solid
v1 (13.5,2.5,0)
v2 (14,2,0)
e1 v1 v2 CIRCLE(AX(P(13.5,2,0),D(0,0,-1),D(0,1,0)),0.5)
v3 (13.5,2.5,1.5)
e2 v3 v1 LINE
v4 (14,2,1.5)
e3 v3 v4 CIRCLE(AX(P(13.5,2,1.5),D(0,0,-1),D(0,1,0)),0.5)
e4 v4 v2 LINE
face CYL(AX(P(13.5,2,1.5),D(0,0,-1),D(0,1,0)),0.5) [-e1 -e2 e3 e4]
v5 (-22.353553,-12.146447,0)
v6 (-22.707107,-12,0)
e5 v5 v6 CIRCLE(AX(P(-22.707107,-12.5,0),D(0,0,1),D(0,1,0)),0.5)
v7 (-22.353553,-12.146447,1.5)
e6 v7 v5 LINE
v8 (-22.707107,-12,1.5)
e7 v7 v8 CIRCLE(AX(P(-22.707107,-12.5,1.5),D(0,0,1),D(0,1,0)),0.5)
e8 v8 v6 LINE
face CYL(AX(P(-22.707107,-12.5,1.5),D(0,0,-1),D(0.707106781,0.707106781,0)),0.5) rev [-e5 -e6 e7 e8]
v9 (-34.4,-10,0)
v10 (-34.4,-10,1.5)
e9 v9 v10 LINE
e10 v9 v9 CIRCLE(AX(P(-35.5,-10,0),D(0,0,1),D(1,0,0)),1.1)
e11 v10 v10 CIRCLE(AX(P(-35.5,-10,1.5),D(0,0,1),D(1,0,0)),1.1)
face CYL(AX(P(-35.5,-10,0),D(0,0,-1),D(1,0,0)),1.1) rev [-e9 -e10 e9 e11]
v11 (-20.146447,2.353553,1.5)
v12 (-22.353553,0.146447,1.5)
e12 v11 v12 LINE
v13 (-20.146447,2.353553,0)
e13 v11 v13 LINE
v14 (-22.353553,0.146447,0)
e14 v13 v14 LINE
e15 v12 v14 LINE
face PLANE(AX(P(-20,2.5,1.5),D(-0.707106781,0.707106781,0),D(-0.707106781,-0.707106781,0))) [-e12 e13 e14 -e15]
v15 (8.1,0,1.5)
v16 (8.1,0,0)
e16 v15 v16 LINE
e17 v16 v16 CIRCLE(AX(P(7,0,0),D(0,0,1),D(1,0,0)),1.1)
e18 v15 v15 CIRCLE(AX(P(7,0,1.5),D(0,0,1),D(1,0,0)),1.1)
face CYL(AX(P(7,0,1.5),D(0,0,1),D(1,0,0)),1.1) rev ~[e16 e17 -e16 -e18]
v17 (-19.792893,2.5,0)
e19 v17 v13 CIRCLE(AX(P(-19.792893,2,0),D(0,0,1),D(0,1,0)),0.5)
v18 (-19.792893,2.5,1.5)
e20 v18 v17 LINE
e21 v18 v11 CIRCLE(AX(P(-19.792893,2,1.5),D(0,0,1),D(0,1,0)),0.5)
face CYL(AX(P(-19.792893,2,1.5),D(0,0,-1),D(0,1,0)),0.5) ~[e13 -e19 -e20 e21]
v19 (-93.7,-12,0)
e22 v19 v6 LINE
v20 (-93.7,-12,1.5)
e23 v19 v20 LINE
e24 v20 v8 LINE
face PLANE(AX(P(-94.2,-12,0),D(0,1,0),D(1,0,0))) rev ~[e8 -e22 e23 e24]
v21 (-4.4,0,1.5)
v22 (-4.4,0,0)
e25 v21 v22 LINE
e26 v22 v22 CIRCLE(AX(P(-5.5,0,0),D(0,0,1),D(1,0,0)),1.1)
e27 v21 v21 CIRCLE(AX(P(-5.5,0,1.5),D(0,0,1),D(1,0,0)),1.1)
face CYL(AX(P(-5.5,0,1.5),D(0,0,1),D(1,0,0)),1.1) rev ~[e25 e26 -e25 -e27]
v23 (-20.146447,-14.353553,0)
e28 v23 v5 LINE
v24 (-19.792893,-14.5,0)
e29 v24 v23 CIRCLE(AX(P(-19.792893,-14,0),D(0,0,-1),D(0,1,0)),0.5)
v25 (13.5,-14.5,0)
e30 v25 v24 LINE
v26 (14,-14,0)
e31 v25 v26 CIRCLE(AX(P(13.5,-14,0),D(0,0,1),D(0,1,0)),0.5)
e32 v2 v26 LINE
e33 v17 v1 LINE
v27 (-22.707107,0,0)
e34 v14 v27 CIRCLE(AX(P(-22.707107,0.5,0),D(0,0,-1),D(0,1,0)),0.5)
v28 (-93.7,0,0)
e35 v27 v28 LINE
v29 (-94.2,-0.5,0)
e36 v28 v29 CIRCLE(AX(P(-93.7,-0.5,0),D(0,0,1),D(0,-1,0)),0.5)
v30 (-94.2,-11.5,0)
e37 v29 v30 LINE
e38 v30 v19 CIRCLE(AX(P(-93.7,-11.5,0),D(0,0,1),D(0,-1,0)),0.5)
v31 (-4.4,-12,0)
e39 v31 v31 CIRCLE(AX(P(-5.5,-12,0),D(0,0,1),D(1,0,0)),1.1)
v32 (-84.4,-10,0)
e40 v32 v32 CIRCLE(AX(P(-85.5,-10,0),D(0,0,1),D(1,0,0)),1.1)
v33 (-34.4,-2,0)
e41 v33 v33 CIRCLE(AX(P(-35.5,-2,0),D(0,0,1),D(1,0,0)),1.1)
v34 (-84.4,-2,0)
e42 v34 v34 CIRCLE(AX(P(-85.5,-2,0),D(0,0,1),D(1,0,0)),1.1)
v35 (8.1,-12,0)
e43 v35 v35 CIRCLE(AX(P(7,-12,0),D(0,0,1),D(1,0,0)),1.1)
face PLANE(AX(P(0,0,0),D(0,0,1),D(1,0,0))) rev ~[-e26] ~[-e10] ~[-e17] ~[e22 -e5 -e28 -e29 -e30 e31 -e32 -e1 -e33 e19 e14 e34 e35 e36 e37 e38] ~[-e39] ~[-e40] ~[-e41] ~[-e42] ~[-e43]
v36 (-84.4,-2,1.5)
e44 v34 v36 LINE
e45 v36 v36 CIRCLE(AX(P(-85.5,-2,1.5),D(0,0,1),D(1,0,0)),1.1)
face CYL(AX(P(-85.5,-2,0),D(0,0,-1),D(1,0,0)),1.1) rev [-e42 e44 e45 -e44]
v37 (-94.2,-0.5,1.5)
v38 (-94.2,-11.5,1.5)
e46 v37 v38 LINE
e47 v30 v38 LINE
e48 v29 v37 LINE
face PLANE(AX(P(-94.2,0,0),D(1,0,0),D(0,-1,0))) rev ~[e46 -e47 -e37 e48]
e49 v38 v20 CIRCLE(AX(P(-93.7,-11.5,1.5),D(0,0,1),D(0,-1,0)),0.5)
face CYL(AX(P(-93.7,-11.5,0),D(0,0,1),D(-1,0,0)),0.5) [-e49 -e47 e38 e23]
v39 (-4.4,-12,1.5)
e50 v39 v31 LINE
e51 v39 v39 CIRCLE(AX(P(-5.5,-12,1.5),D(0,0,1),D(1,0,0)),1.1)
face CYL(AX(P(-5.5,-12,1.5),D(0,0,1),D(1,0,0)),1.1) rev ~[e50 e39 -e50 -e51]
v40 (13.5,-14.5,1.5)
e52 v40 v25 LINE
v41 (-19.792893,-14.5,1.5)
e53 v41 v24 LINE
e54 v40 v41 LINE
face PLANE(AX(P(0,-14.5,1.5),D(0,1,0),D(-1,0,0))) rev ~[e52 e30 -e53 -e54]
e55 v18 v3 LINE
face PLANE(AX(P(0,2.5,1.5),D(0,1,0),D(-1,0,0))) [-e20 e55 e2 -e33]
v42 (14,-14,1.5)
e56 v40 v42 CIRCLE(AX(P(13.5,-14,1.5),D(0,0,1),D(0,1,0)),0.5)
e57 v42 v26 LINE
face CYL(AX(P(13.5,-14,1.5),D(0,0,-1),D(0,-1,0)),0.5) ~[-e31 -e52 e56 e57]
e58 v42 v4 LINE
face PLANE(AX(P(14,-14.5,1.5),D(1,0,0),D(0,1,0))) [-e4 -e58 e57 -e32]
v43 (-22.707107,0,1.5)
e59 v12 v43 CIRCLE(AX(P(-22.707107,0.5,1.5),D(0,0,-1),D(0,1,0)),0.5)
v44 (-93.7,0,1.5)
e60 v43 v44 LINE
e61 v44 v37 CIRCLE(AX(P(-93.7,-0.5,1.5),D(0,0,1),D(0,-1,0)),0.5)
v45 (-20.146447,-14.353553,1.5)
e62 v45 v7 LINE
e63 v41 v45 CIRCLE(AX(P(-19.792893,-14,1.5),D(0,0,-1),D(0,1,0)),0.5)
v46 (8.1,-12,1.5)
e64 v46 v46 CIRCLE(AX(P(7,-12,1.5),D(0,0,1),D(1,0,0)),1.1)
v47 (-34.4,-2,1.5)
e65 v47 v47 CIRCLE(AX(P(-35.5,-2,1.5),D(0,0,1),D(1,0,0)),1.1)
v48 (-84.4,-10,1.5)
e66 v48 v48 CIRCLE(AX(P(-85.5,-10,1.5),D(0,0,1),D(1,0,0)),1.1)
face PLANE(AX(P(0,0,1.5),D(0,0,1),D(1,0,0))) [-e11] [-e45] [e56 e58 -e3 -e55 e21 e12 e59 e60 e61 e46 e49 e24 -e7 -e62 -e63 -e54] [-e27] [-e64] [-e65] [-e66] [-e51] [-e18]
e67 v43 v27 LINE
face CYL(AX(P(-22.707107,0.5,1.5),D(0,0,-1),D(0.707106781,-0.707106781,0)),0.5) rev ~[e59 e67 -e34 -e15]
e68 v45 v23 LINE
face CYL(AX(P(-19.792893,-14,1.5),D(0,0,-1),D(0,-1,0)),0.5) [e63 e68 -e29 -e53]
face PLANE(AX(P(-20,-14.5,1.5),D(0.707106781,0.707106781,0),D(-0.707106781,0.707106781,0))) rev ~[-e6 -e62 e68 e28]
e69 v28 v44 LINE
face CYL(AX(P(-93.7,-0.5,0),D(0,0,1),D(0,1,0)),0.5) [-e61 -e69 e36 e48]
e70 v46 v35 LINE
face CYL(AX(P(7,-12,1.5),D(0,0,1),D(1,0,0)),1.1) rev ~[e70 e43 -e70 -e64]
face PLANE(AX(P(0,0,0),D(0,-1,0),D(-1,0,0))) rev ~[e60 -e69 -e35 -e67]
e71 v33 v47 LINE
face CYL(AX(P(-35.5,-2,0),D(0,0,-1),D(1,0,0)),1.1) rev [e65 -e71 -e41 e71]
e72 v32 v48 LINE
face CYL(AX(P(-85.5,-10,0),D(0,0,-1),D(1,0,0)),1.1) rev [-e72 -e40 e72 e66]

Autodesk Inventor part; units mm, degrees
ref_plane "YZ Plane" through (0, 0, 0) normal (1, 0, 0) x (0, 1, 0)
ref_plane "XZ Plane" through (0, 0, 0) normal (0, 1, 0) x (-1, 0, 0)
ref_plane "XY Plane" through (0, 0, 0) normal (0, 0, 1) x (1, 0, 0)
sketch "スケッチ1" plane through (0, 0, 0) normal (0, 0, 1) x (1, 0, 0)
  line L0 (0, 0) -> (-94.2, 0)
  line L1 (-94.2, 0) -> (-94.2, -12)
  line L2 (-94.2, -12) -> (0, -12)
  line L3 (0, -12) -> (0, 0)
  circle A0 centre (-85.5, -2) radius 1.1
  circle A1 centre (-85.5, -10) radius 1.1
  circle A2 centre (-35.5, -10) radius 1.1
  circle A3 centre (-35.5, -2) radius 1.1
  dimension "d0" = 94.2
  dimension "d1" = 12
  dimension "d2" = 2.2
  dimension "d3" = 2.2
  dimension "d4" = 8.7
  dimension "d5" = 2.2
  dimension "d7" = 2.2
  dimension "d9" = 50
  dimension "d10" = 50
extrude "押し出し1" add sketch "スケッチ1" along normal blind 1.5
sketch "スケッチ2" plane through (0, 0, 1.5) normal (0, 0, 1) x (1, 0, 0)
  line L0 (0, 2.5) -> (0, -14.5)
  line L1 (0, -14.5) -> (-20, -14.5)
  line L2 (-20, -14.5) -> (-22.5, -12)
  line L3 (-94.2, -12) -> (0, -12) projected
  line L4 (-22.5, -12) -> (-22.5, 0)
  line L5 (0, 0) -> (-94.2, 0) projected
  line L6 (0, 2.5) -> (-20, 2.5)
  line L7 (-20, 2.5) -> (-22.5, 0)
  dimension "d17" = 17
  dimension "d18" = 20
  dimension "d19" = 135
extrude "押し出し2" add sketch "スケッチ2" against normal blind 1.5
sketch "スケッチ3" plane through (0, 0, 1.5) normal (0, 0, 1) x (1, 0, 0)
  circle A0 centre (-5.5, -12) radius 1.1
  circle A1 centre (-5.5, 0) radius 1.1
  point P0 (0, 0)
  dimension "d22" = 2.2
  dimension "d23" = 2.2
extrude "押し出し3" cut sketch "スケッチ3" against normal blind 1.5
sketch "スケッチ4" plane through (0, 0, 1.5) normal (0, 0, 1) x (1, 0, 0)
  line L0 (0, -14.5) -> (0, 2.5) projected
  line L1 (0, -6) -> (14, -6)
  line L2 (0, -6) -> (14, -6) construction
  line L3 (-20, -14.5) -> (0, -14.5) projected
  line L4 (0, -14.5) -> (14, -14.5)
  line L5 (14, -14.5) -> (14, 2.5)
  line L6 (-20, 2.5) -> (0, 2.5) projected
  line L7 (14, 2.5) -> (0, 2.5)
  line L8 (0, 2.5) -> (0, -14.5)
  circle A0 centre (7, -12) radius 1.1
  circle A1 centre (7, 0) radius 1.1
  point P0 (0, 0)
  dimension "d27" = 14
  dimension "d28" = 0
  dimension "d29" = 2.2
  dimension "d30" = 2.2
extrude "押し出し4" add sketch "スケッチ4" against normal blind 1.5
fillet "フィレット3" radius 0.5 8 edges at (14, 2.5, 0.75) (-20, 2.5, 0.75) (-22.5, 0, 0.75) (-94.2, 0, 0.75) (-94.2, -12, 0.75) (-22.5, -12, 0.75) (-20, -14.5, 0.75) (14, -14.5, 0.75)
properties part number "slider_plate" material "アルミニウム"
